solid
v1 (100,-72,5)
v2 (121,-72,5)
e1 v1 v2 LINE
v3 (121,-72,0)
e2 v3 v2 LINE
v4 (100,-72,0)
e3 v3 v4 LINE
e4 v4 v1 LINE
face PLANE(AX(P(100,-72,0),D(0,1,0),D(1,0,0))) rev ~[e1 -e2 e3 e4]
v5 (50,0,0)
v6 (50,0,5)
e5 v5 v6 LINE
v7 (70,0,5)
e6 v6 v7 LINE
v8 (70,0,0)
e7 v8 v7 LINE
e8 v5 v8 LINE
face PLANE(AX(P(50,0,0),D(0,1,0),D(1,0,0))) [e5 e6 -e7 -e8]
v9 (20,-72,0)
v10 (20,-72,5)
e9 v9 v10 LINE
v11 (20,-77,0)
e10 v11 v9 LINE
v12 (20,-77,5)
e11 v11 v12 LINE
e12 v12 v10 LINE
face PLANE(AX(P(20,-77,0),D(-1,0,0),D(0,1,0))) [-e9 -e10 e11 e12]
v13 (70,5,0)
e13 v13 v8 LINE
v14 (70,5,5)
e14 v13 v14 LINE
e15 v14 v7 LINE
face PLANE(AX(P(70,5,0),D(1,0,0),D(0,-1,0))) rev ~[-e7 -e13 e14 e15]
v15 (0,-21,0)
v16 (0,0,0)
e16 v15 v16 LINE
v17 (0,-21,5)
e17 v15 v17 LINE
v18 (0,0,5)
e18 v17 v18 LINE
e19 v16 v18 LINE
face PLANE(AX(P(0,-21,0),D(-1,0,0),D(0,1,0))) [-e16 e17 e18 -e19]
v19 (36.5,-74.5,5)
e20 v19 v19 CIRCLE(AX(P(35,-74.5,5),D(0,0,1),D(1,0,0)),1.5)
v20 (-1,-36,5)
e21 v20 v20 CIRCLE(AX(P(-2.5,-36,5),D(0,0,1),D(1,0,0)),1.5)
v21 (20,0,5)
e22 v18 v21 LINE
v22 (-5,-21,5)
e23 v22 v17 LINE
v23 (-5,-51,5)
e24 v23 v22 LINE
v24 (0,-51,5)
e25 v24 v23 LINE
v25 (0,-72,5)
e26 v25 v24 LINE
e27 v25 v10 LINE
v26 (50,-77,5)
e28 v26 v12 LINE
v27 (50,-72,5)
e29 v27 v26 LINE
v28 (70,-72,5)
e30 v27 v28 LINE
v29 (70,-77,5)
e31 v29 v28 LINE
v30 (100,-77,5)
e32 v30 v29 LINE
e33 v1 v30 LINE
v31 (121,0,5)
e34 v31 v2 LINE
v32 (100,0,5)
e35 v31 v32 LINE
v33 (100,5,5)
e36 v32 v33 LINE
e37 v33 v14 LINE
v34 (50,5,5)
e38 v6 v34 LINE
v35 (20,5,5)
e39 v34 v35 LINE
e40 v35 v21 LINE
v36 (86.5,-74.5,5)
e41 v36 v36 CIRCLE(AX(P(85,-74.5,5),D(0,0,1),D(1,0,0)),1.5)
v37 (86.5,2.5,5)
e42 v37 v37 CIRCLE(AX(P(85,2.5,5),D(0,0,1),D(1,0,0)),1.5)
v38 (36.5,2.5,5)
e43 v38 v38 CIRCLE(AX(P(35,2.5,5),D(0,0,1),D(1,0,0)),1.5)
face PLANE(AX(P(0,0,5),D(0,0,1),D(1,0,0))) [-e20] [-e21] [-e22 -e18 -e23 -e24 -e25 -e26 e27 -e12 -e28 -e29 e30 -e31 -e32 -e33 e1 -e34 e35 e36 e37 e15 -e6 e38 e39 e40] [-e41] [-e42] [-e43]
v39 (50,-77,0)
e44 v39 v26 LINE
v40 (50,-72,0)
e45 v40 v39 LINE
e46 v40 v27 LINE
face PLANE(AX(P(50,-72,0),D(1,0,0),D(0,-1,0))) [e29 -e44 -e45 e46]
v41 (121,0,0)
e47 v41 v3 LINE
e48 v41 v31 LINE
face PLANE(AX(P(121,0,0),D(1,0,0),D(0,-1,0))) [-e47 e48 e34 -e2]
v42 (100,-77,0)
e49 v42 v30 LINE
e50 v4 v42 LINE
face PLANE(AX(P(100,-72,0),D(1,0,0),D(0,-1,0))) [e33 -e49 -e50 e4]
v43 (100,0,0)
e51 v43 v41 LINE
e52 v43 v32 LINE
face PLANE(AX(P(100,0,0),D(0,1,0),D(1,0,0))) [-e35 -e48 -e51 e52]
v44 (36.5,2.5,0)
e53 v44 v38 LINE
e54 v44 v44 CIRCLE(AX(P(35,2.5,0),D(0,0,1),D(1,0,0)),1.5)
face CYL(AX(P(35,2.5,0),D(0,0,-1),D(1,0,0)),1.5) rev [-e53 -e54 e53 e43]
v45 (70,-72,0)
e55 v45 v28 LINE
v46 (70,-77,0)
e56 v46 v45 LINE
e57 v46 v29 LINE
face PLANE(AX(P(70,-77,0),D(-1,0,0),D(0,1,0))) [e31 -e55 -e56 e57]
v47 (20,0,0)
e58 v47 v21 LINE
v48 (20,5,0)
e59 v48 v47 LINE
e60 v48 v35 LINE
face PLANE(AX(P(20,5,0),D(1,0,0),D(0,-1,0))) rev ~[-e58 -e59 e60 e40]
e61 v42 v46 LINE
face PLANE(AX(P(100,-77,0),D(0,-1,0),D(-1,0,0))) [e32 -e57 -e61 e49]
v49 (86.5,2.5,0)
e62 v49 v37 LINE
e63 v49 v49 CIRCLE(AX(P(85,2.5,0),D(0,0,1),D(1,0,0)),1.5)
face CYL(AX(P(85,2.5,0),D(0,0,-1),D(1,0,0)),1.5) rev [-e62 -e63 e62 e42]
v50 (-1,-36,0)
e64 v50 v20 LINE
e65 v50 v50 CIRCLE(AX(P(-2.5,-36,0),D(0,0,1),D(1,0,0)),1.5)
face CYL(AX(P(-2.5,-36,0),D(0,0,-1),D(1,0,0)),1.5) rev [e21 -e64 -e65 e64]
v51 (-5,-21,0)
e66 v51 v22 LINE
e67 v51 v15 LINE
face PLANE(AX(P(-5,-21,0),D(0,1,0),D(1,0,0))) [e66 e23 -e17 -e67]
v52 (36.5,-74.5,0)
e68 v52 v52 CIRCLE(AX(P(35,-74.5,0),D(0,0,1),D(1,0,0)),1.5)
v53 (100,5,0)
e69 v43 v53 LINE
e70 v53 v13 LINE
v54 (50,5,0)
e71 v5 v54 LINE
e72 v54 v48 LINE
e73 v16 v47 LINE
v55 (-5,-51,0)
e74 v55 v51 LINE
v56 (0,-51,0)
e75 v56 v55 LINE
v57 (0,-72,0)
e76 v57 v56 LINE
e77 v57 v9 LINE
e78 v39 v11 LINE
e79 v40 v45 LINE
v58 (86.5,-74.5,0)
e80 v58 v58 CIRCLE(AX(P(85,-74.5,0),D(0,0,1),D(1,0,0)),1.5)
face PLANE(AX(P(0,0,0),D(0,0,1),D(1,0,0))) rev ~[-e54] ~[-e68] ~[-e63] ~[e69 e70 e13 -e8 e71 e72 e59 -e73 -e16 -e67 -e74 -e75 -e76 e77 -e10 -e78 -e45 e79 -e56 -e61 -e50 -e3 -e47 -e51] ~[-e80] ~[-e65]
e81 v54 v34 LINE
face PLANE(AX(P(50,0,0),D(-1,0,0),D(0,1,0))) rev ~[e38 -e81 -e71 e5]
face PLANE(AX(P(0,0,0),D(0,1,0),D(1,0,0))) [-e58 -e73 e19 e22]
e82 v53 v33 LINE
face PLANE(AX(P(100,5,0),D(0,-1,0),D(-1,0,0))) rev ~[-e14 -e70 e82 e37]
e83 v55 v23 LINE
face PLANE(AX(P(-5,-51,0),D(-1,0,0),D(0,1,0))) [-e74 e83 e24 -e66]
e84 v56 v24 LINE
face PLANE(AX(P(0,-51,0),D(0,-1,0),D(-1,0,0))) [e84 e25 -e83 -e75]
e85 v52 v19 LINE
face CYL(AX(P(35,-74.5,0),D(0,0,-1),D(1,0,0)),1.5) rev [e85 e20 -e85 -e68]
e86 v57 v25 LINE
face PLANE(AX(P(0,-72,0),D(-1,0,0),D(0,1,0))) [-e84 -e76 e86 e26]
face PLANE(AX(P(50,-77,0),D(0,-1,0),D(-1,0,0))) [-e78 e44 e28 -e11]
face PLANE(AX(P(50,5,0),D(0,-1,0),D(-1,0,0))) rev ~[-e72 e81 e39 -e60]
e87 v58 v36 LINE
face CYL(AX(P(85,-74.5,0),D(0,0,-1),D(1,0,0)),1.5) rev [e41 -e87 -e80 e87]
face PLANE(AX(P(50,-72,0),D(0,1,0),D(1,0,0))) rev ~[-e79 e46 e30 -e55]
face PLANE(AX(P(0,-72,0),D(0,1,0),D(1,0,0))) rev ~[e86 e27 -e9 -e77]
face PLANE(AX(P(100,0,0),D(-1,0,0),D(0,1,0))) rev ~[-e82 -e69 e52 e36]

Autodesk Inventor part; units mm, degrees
ref_plane "YZ Plane" through (0, 0, 0) normal (1, 0, 0) x (0, 1, 0)
ref_plane "XZ Plane" through (0, 0, 0) normal (0, 1, 0) x (-1, 0, 0)
ref_plane "XY Plane" through (0, 0, 0) normal (0, 0, 1) x (1, 0, 0)
sketch "草图1" plane through (0, 0, 0) normal (0, 0, 1) x (1, 0, 0)
  line L0 (0, -72) -> (0, 0) projected
  line L1 (0, 0) -> (116, 0) projected
  line L2 (116, 0) -> (116, -72) projected
  line L3 (121, 0) -> (121, -72) projected
  line L4 (121, 0) -> (0, 0)
  line L5 (0, 0) -> (0, -72)
  line L6 (0, -72) -> (121, -72)
  line L7 (121, -72) -> (121, 0)
  line L8 (20, 0) -> (50, 0)
  line L9 (50, 0) -> (50, 5)
  line L10 (50, 5) -> (20, 5)
  line L11 (20, 5) -> (20, 0)
  line L12 (70, 0) -> (100, 0)
  line L13 (100, 0) -> (100, 5)
  line L14 (100, 5) -> (70, 5)
  line L15 (70, 5) -> (70, 0)
  line L16 (-14.7833, -36) -> (35, -36) construction
  line L17 (-5, -21) -> (0, -21)
  line L18 (0, -21) -> (0, -51)
  line L19 (0, -51) -> (-5, -51)
  line L20 (-5, -51) -> (-5, -21)
  line L21 (20, -72) -> (50, -72)
  line L22 (50, -72) -> (50, -77)
  line L23 (50, -77) -> (20, -77)
  line L24 (20, -77) -> (20, -72)
  line L25 (70, -72) -> (100, -72)
  line L26 (100, -72) -> (100, -77)
  line L27 (100, -77) -> (70, -77)
  line L28 (70, -77) -> (70, -72)
  circle A0 centre (35, 2.5) radius 1.5
  circle A1 centre (85, 2.5) radius 1.5
  circle A2 centre (-2.5, -36) radius 1.5
  circle A3 centre (35, -74.5) radius 1.5
  circle A4 centre (85, -74.5) radius 1.5
  point P0 (-5, -72)
  point P1 (-5, 0)
  point P2 (0, 5)
  point P3 (116, 5)
  point P4 (0, -36)
  dimension "d0" = 30
  dimension "d1" = 30
  dimension "d2" = 20
  dimension "d3" = 20
  dimension "d4" = 5
  dimension "d5" = 30
  dimension "d6" = 5
  dimension "d7" = 3
  dimension "d8" = 3
  dimension "d9" = 3
  dimension "d10" = 3
  dimension "d11" = 3
extrude "拉伸1" add sketch "草图1" along normal blind 5
properties part number "top"
